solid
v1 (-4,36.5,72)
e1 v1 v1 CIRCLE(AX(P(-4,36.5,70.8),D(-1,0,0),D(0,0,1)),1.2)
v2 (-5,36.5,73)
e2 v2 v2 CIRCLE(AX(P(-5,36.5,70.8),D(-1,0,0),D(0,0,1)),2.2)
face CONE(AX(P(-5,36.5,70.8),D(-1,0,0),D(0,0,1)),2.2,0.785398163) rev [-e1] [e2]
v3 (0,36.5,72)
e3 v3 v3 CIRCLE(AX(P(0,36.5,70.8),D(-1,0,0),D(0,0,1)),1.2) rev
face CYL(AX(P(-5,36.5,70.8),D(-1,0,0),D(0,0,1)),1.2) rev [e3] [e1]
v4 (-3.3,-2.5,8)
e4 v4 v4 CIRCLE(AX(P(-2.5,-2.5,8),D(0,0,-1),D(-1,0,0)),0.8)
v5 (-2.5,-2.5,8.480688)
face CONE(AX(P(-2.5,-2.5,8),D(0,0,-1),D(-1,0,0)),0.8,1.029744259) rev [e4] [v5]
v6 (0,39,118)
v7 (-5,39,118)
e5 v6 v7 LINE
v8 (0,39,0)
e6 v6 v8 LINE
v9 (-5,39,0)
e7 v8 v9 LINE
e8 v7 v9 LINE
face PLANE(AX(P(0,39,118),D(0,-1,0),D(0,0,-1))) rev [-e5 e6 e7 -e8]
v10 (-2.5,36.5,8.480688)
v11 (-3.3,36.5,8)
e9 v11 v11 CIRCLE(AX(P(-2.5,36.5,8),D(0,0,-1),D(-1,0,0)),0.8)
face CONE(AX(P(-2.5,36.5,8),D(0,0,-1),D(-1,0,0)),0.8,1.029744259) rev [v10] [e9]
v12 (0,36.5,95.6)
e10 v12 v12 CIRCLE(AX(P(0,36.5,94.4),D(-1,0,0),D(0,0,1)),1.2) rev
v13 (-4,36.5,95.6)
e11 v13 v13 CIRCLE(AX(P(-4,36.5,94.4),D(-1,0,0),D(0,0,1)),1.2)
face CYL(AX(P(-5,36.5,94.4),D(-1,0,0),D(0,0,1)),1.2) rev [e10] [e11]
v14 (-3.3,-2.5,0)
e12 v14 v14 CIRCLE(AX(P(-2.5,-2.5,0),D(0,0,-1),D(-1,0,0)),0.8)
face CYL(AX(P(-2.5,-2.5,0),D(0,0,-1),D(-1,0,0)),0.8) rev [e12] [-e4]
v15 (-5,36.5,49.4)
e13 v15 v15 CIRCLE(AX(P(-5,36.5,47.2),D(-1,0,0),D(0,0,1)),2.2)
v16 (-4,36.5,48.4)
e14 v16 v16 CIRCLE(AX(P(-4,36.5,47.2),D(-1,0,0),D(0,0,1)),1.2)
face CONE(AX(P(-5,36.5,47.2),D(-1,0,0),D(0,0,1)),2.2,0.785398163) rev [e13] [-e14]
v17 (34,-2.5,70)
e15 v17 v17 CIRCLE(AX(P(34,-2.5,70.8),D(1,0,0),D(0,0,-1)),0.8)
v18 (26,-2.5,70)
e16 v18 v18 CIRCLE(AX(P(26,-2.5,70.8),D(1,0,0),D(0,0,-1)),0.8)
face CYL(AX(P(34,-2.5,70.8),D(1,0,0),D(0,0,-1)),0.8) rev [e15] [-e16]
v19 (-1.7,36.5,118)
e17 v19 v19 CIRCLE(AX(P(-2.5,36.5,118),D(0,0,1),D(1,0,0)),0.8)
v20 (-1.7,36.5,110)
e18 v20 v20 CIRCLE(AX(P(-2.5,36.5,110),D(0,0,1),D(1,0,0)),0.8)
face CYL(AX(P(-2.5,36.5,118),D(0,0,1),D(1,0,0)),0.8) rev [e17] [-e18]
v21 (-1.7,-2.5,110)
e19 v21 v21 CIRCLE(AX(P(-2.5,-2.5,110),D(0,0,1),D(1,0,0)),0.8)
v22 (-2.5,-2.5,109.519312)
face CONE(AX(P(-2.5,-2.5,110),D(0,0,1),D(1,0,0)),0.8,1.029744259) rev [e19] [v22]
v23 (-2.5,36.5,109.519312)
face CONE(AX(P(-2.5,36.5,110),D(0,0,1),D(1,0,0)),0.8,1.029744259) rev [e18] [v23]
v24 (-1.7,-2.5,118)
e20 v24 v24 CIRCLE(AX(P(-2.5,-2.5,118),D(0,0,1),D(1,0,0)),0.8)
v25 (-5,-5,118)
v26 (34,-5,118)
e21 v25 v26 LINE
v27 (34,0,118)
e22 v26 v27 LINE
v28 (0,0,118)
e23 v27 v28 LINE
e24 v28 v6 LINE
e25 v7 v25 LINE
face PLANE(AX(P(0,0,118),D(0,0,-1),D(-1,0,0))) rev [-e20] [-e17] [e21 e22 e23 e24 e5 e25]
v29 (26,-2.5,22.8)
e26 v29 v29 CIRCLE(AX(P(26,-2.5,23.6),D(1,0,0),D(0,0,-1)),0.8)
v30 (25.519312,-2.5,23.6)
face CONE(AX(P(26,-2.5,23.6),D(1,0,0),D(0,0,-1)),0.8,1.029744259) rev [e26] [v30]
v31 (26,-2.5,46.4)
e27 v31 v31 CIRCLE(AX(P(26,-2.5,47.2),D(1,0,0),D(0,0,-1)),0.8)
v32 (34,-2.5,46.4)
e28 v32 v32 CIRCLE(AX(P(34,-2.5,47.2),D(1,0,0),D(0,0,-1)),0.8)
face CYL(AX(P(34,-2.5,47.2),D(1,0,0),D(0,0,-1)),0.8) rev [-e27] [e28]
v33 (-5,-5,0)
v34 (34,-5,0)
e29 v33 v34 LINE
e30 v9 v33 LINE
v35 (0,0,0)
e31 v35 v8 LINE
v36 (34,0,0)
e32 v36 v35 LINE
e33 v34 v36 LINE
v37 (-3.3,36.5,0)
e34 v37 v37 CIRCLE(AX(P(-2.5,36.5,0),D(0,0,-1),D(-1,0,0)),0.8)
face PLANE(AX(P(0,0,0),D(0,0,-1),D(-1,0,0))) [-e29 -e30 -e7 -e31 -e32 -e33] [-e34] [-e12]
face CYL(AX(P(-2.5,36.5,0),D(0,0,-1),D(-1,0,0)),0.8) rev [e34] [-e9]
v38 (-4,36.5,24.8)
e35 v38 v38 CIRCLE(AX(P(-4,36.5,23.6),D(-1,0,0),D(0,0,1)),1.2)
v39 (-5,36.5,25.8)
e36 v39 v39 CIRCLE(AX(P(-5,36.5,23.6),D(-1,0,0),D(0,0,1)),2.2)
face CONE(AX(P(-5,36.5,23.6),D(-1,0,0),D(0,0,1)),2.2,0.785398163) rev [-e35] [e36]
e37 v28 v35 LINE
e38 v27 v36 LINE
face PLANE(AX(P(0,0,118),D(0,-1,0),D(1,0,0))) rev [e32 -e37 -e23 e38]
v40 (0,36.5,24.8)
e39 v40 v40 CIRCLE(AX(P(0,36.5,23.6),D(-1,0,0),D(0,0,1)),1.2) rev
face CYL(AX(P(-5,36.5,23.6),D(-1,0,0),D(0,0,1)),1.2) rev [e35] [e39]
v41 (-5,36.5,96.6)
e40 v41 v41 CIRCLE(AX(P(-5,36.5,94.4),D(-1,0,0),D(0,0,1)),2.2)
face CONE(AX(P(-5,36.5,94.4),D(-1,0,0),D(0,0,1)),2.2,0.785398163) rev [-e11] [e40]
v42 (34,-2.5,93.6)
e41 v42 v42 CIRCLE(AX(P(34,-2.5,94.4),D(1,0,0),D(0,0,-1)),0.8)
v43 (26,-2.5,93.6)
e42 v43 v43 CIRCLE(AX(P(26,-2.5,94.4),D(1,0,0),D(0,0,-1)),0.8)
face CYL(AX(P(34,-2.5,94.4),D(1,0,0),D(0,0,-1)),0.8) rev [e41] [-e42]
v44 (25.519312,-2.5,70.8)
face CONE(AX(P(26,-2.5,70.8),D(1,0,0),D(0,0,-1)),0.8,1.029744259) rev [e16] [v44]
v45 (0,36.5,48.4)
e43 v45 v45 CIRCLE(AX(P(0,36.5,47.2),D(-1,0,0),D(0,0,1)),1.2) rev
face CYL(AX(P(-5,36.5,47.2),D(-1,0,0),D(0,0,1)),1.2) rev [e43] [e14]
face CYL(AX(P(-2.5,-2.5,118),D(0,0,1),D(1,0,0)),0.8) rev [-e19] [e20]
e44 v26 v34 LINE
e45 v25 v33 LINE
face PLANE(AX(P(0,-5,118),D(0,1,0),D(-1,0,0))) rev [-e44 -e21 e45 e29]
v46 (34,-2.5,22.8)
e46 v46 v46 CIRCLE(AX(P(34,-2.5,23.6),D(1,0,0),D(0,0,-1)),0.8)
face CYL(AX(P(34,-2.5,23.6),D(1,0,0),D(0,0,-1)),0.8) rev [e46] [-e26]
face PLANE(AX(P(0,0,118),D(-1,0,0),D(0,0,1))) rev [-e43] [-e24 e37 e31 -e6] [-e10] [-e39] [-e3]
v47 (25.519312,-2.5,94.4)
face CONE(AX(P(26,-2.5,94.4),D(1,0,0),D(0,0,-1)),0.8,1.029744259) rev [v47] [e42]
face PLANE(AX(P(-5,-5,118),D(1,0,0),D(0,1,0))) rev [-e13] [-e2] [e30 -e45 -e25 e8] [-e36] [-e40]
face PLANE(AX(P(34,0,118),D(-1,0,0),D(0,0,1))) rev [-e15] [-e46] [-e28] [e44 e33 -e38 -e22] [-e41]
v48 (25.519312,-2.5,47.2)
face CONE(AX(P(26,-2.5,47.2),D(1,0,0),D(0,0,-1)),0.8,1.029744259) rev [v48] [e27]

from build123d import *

# Parameters (mm, degrees)
BOSS_EXTRUDE_EQUERRE_DEPTH                     = 118
FRAISAGE_POUR_VIS_T_TE_FRAIS_E_M20_D           = 2.4
FRAISAGE_POUR_VIS_T_TE_FRAIS_E_M20_DEPTH       = 5
FRAISAGE_POUR_VIS_T_TE_FRAIS_E_M20_CSINK_D     = 4.4
FRAISAGE_POUR_VIS_T_TE_FRAIS_E_M20_CSINK_ANGLE = 90
FRAISAGE_POUR_VIS_T_TE_FRAIS_E_M20_TIP         = 0.721032743
TROU_TARAUD_M2X0_43_D                          = 1.6
TROU_TARAUD_M2X0_43_DEPTH                      = 8
TROU_TARAUD_M2X0_43_TIP                        = 0.480688495
TROU_TARAUD_M2X0_44_AT_2_COUNT                 = 2
TROU_TARAUD_M2X0_44_AT_2_PITCH                 = 39


with BuildPart() as part:
    # Esquisse1 → Boss_Extrude_Equerre (new body)
    with BuildSketch(Plane(origin=(0, 0, 0), x_dir=(0, 1, 0), z_dir=(0, 0, 1))):
        Polygon((0, 0), (39, 0), (39, 5), (-5, 5), (-5, 0), (-5, -34), (0, -34), align=None)
    extrude(amount=BOSS_EXTRUDE_EQUERRE_DEPTH)

    # Fraisage pour vis à tête fraisée M20
    with Locations(Plane.ZY.offset(5)):
        with Locations((70.8, 36.5), (94.4, 36.5), (47.2, 36.5), (23.6, 36.5)):
            CounterSinkHole(FRAISAGE_POUR_VIS_T_TE_FRAIS_E_M20_D / 2, FRAISAGE_POUR_VIS_T_TE_FRAIS_E_M20_CSINK_D / 2, depth=FRAISAGE_POUR_VIS_T_TE_FRAIS_E_M20_DEPTH, counter_sink_angle=FRAISAGE_POUR_VIS_T_TE_FRAIS_E_M20_CSINK_ANGLE)
            with Locations((0, 0, -(FRAISAGE_POUR_VIS_T_TE_FRAIS_E_M20_DEPTH + FRAISAGE_POUR_VIS_T_TE_FRAIS_E_M20_TIP / 2))):  # 118° drill point
                Cone(0, FRAISAGE_POUR_VIS_T_TE_FRAIS_E_M20_D / 2, FRAISAGE_POUR_VIS_T_TE_FRAIS_E_M20_TIP, mode=Mode.SUBTRACT)

    # Trou taraudé M2x0.43
    with Locations(Plane.YZ.offset(34)):
        with Locations((-2.5, 70.8), (-2.5, 94.4), (-2.5, 47.2), (-2.5, 23.6)):
            Hole(TROU_TARAUD_M2X0_43_D / 2, depth=TROU_TARAUD_M2X0_43_DEPTH)
            with Locations((0, 0, -(TROU_TARAUD_M2X0_43_DEPTH + TROU_TARAUD_M2X0_43_TIP / 2))):  # 118° drill point
                Cone(0, TROU_TARAUD_M2X0_43_D / 2, TROU_TARAUD_M2X0_43_TIP, mode=Mode.SUBTRACT)

    # Esquisse11 → Trou taraudé M2x0.44 (revolve, cut)
    with BuildSketch(Plane(origin=(-2.5, 36.5, 118), x_dir=(0, -1, 0), z_dir=(1, 0, 0))):
        Polygon((0, 0), (0, 8.480688495), (0.8, 8), (0.8, 0), align=None)
    trou_taraud_m2x0_44 = revolve(axis=Axis((-2.5, 36.5, 124.35), (0, 0, -1)), mode=Mode.SUBTRACT)

    # Trou taraudé M2x0.44 at 2: Trou taraudé M2x0.44 ×2
    with Locations(*[(0, -i * TROU_TARAUD_M2X0_44_AT_2_PITCH, 0) for i in range(1, TROU_TARAUD_M2X0_44_AT_2_COUNT)]):
        add(trou_taraud_m2x0_44, mode=Mode.SUBTRACT)

    # Symétrie1: Trou taraudé M2x0.44 across plane
    add(trou_taraud_m2x0_44.mirror(Plane.XY.offset(59)), mode=Mode.SUBTRACT)

    # Symétrie1 copy 1 sketch → Symétrie1 copy 1 (revolve, cut)
    with BuildSketch(Plane(origin=(-2.5, -2.5, 0), x_dir=(0, -1, 0), z_dir=(1, 0, 0))):
        Polygon((0, 0), (0, -8.480688495), (0.8, -8), (0.8, 0), align=None)
    revolve(axis=Axis((-2.5, -2.5, -6.35), (0, 0, -1)), mode=Mode.SUBTRACT)


solid = part.part
